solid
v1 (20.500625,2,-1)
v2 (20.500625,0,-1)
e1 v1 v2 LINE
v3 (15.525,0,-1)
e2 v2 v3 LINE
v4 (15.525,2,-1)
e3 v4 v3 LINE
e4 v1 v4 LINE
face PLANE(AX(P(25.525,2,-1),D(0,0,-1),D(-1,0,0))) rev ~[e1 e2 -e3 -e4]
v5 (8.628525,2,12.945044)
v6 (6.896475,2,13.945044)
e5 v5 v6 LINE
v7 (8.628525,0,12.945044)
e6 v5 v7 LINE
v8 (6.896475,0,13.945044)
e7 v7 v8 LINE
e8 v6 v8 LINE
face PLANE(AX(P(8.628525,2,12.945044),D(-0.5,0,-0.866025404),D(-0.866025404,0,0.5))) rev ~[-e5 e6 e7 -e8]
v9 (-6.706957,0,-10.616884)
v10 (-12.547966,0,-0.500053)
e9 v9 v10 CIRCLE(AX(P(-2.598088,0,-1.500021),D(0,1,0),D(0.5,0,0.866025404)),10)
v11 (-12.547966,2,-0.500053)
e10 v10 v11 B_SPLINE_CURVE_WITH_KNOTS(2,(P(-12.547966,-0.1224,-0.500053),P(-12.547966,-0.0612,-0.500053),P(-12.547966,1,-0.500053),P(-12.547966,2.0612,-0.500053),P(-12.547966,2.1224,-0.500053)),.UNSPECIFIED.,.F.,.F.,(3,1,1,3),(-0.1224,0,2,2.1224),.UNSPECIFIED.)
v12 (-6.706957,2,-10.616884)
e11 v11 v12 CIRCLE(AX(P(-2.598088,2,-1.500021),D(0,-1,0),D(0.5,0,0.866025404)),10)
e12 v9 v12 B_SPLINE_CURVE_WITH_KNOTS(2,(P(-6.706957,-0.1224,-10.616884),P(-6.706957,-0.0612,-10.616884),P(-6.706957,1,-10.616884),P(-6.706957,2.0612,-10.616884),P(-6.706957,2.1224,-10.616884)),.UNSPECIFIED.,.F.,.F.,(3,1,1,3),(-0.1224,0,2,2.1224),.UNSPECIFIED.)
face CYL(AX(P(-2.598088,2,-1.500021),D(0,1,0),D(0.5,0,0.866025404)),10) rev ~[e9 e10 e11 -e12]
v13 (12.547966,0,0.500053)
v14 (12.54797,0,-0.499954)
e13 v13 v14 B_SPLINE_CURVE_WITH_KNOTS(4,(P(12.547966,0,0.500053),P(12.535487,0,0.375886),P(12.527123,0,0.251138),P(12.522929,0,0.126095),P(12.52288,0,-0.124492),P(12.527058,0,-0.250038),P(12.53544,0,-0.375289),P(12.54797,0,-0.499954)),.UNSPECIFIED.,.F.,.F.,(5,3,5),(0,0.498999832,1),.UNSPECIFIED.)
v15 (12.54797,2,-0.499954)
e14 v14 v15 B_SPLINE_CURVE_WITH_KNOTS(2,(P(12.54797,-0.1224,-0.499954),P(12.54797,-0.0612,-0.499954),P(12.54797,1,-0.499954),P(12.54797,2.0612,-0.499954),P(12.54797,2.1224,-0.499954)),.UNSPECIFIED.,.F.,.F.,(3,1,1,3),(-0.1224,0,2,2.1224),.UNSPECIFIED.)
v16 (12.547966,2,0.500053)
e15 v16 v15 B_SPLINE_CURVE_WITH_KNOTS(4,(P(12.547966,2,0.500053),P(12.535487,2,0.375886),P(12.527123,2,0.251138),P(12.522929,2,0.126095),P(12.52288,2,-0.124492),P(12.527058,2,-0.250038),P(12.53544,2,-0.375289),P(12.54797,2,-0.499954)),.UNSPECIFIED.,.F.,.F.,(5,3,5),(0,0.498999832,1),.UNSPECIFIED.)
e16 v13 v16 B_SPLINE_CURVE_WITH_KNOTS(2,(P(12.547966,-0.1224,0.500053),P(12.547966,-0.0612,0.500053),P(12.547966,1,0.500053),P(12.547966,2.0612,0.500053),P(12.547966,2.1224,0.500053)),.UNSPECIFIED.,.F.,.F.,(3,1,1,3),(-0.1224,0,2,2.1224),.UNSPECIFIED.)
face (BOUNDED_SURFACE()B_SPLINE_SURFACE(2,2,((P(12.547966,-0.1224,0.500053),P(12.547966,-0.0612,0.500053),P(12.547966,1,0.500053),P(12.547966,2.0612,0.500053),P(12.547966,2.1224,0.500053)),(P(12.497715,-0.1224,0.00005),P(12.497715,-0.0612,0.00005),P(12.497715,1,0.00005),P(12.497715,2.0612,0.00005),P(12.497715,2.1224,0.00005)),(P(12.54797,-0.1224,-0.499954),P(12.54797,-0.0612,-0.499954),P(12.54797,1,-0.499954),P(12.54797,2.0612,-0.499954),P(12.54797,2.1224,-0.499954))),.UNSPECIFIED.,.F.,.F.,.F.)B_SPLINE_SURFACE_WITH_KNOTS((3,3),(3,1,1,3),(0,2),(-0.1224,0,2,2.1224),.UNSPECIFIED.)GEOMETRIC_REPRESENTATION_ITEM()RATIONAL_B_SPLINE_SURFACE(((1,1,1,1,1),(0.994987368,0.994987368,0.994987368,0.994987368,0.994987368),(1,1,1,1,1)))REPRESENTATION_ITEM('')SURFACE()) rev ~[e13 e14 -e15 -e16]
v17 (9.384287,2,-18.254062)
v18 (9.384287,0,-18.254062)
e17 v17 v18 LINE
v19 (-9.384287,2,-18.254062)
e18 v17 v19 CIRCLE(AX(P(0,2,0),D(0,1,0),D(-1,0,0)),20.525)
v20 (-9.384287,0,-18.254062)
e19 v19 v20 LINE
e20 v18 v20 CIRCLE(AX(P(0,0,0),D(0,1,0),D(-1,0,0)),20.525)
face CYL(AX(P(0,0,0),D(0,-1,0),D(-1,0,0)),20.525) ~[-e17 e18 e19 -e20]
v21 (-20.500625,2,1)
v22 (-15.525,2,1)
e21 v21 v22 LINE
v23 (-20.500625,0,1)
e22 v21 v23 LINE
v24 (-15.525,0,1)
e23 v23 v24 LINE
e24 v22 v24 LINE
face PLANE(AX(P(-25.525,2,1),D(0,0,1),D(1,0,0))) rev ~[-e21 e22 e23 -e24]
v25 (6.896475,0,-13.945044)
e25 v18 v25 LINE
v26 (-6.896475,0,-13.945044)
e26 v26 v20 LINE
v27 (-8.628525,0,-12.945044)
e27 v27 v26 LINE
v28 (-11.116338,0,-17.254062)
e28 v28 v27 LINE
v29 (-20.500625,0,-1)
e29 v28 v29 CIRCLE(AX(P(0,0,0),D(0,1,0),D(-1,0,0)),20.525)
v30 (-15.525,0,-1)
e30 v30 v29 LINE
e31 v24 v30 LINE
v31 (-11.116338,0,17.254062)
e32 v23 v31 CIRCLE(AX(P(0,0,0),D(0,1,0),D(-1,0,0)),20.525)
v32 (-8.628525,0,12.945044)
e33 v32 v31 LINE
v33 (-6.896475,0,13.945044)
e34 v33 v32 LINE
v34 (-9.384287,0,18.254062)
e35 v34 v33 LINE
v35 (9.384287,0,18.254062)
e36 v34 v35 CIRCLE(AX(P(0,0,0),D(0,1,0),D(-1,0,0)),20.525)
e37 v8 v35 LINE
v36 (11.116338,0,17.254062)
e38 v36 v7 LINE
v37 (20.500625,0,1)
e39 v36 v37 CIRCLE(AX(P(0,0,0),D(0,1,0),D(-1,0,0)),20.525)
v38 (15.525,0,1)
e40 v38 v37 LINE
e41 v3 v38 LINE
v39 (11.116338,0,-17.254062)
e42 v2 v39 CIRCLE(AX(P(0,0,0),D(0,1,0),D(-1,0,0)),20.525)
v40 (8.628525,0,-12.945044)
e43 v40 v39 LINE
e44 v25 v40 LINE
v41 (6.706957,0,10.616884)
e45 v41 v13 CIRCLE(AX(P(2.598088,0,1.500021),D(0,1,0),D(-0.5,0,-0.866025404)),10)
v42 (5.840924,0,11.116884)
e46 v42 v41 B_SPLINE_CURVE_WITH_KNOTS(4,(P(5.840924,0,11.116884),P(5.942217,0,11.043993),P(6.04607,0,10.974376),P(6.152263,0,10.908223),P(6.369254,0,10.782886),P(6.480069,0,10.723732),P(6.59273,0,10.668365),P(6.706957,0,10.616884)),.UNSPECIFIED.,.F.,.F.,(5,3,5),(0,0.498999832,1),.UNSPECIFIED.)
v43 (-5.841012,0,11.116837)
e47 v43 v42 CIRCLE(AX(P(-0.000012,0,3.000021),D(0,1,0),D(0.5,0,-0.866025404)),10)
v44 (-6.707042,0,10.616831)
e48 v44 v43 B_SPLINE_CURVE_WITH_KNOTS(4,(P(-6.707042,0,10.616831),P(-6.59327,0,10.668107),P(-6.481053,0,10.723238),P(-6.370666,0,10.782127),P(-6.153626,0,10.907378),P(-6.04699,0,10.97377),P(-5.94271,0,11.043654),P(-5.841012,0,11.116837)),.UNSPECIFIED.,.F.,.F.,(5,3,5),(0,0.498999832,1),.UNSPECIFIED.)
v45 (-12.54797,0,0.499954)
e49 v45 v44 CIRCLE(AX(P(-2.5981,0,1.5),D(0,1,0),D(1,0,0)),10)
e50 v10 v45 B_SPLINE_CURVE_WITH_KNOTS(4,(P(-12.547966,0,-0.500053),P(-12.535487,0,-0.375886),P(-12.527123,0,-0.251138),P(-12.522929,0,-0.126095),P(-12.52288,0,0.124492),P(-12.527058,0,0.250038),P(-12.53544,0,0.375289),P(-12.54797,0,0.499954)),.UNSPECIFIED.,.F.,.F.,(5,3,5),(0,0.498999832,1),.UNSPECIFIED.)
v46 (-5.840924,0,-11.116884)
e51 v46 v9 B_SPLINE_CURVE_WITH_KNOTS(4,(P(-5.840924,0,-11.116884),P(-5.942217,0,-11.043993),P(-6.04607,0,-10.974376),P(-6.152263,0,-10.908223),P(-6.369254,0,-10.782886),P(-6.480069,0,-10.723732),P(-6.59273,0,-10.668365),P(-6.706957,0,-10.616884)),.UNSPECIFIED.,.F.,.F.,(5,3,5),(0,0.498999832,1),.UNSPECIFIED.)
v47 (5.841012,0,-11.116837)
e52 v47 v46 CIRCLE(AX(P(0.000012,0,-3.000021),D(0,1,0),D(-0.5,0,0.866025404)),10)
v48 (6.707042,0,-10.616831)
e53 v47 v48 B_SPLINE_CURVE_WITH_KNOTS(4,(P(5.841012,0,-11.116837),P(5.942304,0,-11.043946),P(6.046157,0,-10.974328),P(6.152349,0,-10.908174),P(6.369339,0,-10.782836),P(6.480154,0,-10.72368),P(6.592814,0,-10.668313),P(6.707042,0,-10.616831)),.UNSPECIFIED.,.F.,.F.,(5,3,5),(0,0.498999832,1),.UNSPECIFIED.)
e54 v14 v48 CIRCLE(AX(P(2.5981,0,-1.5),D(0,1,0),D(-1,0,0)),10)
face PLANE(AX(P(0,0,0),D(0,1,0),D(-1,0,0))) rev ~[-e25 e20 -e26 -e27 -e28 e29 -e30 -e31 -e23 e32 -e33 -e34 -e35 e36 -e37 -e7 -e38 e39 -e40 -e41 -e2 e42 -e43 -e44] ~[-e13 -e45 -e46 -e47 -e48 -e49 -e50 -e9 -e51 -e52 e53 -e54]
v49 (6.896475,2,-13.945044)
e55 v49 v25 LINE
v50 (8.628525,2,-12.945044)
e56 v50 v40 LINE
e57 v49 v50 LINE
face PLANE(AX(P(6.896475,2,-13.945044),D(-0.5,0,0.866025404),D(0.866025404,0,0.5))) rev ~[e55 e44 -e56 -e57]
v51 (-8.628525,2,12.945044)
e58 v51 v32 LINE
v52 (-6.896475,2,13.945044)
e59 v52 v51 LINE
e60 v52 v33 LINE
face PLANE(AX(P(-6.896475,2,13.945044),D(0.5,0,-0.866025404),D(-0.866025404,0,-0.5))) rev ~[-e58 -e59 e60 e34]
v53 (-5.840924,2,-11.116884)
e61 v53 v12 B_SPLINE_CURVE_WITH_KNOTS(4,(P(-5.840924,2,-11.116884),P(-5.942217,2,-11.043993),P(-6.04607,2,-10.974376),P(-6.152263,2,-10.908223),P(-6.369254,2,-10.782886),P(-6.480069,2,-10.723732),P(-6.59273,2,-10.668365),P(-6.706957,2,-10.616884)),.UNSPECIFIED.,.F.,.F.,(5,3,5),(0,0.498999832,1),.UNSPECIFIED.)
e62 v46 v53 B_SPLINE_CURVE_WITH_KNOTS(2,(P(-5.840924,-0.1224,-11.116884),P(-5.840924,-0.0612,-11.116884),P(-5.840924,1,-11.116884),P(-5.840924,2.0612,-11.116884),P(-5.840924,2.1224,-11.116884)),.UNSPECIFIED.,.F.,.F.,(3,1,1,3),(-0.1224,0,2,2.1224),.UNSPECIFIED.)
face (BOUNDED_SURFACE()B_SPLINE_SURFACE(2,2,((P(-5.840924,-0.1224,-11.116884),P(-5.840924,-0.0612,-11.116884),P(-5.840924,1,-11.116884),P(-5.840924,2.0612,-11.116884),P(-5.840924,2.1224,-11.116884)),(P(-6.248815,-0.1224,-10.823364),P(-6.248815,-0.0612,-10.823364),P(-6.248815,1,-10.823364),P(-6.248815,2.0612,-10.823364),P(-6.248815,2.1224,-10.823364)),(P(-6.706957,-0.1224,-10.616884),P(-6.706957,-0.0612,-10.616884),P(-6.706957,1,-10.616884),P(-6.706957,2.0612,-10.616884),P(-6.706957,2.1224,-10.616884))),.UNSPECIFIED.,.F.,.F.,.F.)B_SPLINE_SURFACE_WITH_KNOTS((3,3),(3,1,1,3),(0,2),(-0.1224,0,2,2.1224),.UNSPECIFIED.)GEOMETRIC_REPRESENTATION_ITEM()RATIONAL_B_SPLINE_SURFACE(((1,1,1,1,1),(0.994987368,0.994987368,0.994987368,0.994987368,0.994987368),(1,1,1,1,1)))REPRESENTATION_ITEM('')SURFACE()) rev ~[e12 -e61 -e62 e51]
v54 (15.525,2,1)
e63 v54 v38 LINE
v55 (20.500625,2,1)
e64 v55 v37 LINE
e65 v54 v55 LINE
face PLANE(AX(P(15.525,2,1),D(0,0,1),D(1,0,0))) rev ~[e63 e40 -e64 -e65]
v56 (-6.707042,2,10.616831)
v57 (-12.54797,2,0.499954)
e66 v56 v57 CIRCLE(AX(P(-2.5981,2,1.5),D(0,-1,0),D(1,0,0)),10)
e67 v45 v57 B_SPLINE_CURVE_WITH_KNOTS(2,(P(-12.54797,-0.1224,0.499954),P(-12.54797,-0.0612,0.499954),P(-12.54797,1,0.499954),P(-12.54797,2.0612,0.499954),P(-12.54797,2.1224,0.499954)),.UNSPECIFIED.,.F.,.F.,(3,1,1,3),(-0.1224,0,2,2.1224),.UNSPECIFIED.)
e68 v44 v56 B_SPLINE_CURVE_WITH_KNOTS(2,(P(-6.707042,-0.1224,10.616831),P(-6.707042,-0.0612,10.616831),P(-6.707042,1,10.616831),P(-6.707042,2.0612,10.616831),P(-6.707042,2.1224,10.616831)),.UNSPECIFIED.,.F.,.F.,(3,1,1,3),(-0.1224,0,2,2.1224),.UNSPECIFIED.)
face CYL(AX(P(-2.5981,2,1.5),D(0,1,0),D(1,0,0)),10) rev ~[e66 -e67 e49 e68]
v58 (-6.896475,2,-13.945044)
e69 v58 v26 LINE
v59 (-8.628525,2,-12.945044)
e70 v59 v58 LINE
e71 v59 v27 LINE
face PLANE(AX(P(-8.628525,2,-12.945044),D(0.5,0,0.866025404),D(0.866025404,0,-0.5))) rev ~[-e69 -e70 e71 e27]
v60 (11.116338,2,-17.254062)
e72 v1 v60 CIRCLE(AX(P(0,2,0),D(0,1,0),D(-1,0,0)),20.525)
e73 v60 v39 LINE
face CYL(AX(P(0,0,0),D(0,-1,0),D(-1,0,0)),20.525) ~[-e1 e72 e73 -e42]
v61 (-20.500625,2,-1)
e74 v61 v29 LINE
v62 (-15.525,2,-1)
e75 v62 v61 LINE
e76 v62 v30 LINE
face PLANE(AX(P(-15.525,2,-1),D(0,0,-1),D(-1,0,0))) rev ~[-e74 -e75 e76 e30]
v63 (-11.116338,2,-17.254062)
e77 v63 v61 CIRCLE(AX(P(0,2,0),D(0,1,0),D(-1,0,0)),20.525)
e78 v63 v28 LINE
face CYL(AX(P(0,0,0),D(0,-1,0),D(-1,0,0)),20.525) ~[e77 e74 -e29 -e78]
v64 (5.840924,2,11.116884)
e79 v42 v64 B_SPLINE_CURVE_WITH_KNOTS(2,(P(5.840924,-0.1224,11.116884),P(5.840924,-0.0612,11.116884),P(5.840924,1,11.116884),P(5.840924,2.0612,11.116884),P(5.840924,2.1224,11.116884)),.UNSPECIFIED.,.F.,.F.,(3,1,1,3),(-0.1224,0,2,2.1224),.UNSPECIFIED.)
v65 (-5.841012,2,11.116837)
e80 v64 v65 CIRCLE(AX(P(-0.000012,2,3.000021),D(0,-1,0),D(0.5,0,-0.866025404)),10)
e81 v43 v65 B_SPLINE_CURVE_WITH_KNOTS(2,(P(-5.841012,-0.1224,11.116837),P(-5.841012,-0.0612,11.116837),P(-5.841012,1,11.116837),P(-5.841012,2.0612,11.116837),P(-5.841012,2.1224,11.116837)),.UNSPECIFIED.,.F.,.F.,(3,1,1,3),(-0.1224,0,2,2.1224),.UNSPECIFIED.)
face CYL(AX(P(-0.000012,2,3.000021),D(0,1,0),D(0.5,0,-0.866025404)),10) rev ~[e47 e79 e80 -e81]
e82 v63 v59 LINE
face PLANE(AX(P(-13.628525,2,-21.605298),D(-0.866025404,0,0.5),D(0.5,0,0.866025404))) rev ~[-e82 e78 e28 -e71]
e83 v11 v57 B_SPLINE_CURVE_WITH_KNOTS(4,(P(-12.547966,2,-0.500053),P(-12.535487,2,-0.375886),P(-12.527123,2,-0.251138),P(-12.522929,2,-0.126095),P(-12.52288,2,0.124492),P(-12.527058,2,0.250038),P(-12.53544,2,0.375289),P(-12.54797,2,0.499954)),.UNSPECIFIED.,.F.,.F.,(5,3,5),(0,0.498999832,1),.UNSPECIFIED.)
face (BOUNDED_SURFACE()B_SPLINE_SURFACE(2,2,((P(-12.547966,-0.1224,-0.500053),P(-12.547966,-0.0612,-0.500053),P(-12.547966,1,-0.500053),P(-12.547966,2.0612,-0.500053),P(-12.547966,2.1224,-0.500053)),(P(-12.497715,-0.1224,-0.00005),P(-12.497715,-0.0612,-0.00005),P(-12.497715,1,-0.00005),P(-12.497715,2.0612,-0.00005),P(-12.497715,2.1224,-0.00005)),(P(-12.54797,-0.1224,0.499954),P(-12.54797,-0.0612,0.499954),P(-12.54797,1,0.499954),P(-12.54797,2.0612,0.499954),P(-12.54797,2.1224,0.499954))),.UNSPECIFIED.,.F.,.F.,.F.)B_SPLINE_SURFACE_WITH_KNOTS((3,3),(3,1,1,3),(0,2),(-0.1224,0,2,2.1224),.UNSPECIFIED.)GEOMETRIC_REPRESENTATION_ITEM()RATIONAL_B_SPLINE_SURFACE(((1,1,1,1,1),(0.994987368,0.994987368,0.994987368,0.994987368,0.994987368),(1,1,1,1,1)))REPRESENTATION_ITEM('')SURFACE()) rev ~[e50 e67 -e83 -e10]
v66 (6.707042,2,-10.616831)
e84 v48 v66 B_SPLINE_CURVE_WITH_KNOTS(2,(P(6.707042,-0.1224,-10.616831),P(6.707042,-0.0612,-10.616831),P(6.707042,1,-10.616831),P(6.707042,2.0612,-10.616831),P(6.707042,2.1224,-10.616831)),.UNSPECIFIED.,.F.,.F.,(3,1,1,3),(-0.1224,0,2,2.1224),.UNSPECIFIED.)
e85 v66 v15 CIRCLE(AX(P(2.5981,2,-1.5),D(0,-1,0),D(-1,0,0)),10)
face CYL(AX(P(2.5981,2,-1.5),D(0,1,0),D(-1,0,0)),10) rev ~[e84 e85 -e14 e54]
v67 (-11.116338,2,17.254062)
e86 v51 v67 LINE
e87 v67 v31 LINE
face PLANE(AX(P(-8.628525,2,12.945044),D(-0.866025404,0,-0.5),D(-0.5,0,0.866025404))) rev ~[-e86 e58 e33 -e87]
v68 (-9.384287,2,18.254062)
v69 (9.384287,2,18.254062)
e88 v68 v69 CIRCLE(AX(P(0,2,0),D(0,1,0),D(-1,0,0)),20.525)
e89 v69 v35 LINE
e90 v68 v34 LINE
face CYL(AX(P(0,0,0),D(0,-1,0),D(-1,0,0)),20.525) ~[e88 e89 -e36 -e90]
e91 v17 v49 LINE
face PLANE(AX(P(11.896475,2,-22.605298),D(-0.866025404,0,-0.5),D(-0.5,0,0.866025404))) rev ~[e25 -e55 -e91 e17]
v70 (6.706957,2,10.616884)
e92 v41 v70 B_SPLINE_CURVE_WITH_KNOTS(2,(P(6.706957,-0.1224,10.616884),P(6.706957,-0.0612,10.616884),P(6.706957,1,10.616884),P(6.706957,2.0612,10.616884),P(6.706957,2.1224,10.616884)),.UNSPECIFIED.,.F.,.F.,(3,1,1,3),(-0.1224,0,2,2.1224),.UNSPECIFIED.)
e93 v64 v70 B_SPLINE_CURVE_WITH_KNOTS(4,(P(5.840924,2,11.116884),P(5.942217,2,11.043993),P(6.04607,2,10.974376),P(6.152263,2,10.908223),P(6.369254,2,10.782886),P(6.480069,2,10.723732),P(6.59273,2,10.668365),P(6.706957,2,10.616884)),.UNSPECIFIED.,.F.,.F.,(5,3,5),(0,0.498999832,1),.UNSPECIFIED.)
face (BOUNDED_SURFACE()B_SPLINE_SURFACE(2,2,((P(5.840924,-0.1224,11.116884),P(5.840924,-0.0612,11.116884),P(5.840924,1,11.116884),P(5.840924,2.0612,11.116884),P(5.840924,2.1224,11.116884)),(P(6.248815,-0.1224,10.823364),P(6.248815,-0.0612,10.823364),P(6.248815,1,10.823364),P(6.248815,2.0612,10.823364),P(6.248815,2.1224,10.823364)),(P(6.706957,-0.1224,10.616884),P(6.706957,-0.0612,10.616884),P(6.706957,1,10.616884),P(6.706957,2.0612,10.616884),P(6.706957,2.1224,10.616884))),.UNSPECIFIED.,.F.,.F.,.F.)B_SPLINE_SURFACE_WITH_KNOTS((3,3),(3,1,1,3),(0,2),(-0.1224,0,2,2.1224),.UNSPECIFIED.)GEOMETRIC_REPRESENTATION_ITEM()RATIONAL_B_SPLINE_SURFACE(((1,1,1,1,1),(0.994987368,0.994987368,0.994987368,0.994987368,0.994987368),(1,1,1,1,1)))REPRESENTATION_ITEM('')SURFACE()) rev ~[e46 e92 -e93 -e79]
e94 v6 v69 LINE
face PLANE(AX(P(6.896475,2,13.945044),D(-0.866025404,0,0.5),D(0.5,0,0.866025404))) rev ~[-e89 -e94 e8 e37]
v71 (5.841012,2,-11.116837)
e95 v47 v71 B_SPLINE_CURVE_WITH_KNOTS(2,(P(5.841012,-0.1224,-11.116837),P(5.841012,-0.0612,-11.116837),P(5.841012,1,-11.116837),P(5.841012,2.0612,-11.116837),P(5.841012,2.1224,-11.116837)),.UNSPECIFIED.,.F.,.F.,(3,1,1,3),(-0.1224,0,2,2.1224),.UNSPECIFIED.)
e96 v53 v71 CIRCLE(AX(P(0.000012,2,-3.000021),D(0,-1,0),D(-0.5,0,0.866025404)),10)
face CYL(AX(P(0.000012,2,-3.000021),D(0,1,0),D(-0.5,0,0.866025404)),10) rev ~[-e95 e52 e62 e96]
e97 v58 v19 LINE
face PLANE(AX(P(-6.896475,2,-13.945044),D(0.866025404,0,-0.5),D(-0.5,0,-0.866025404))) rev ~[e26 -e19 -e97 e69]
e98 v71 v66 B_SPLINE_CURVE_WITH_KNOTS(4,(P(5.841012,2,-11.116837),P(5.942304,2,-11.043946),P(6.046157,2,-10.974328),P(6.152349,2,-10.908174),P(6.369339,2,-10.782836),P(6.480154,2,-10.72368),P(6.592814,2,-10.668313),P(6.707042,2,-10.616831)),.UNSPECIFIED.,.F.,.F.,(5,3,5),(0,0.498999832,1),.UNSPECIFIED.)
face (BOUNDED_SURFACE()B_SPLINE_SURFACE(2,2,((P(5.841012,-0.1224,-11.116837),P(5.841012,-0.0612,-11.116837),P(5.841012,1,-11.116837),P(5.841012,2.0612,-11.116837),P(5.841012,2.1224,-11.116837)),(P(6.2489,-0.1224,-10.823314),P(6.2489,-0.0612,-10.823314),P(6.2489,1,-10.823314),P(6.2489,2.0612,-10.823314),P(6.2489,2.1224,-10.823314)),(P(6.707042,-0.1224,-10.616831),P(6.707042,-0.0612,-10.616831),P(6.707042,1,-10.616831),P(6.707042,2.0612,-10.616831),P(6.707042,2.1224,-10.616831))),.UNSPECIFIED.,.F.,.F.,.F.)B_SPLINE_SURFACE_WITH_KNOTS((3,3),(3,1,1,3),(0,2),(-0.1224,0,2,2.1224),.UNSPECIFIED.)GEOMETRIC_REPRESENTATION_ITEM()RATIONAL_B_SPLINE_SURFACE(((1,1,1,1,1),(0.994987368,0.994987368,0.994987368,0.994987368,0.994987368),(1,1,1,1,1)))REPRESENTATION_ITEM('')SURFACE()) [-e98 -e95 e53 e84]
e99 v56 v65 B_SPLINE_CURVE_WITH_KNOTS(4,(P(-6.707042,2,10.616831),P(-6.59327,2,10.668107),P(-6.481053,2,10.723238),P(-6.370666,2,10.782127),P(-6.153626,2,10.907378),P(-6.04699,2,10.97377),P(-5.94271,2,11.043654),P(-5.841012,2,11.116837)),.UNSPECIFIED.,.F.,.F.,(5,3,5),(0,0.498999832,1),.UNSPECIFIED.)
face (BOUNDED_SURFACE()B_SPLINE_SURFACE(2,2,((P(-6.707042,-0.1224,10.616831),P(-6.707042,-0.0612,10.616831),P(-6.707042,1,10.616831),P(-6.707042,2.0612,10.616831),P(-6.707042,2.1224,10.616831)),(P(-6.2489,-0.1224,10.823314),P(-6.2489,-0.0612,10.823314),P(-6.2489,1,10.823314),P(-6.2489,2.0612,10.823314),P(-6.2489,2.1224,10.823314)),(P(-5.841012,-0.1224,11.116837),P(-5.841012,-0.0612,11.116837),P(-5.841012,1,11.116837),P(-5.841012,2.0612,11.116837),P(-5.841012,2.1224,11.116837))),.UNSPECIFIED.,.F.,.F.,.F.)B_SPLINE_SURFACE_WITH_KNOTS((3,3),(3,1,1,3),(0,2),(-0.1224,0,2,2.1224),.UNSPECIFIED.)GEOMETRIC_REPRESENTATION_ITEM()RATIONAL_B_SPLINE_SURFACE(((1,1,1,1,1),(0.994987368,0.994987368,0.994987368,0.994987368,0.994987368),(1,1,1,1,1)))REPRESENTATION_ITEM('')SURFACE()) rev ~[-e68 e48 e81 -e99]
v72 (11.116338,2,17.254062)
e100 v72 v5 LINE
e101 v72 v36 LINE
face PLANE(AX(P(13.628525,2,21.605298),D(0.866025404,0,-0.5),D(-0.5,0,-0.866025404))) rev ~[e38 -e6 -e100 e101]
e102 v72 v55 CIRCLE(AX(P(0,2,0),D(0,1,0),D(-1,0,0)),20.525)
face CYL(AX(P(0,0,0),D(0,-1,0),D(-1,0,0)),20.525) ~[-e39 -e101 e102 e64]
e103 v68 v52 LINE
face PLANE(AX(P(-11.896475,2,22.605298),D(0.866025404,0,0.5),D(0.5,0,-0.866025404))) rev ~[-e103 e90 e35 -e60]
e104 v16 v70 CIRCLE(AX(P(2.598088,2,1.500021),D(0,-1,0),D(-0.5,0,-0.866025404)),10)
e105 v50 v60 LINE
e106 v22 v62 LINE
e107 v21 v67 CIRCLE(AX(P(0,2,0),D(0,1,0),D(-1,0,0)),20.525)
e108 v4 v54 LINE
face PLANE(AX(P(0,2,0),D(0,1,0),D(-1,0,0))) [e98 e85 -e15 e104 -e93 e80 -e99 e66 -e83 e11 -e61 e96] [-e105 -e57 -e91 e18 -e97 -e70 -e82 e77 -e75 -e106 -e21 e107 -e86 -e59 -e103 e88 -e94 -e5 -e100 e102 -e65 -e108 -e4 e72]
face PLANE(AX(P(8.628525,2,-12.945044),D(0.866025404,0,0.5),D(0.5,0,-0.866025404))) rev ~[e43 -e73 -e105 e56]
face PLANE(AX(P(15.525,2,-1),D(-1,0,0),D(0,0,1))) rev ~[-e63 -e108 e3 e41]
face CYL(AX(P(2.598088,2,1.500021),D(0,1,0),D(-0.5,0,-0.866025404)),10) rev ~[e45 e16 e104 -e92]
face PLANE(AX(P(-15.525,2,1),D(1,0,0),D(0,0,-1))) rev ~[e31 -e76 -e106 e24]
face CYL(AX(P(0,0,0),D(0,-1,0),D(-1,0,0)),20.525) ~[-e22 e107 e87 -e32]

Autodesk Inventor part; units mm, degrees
ref_plane "YZ Plane" through (0, 0, 0) normal (1, 0, 0) x (0, 1, 0)
ref_plane "XZ Plane" through (0, 0, 0) normal (0, 1, 0) x (-1, 0, 0)
ref_plane "XY Plane" through (0, 0, 0) normal (0, 0, 1) x (1, 0, 0)
sketch "Sketch1" plane through (0, 0, 0) normal (0, 1, 0) x (-1, 0, 0)
  circle A0 centre (0, 0) radius 20.525
  circle A1 centre (0, 0) radius 10.525
  dimension "d0" = 41.05
  dimension "d1" = 21.05
extrude "Extrusion1" add sketch "Sketch1" along normal blind 2
sketch "Sketch2" plane through (0, 2, 0) normal (0, 1, 0) x (1, 0, 0)
  line L0 (-25.525, -1) -> (-15.525, -1)
  line L1 (-15.525, -1) -> (-15.525, 1)
  line L2 (-15.525, 1) -> (-25.525, 1)
  line L3 (-25.525, 1) -> (-25.525, -1)
  point P0 (0, 0)
  dimension "d4" = 1
  dimension "d5" = 2
  dimension "d6" = 10
  dimension "d7" = 15.525
extrude "Extrusion2" cut sketch "Sketch2" against normal blind 2
pattern_circular "Circular Pattern1" count 6 over 360 about axis through (0, -10, 0) along (0, 1, 0) of "Extrusion2"
sketch "Sketch3" plane through (0, 2, 0) normal (0, 1, 0) x (1, 0, 0)
  circle A0 centre (-2.5981, -1.5) radius 10
  line L0 (-2.5981, -1.5) -> (0, 0) construction
  line L1 (-34.9729, 0) -> (29.7462, 0) projected
  dimension "d13" = 20
  dimension "d14" = 30
  dimension "d15" = 1.5
extrude "Extrusion3" cut sketch "Sketch3" against normal blind 2
pattern_circular "Circular Pattern2" count 6 over 360 about axis through (0, -10, 0) along (0, 1, 0) of "Extrusion3"
fillet "Fillet1" radius 5 6 edges at (-6.2425, 1, -10.8123) (-12.4849, 1, 0) (6.2425, 1, -10.8123) (-6.2425, 1, 10.8123) (6.2425, 1, 10.8123) (12.4849, 1, 0)
properties part number "Ring_n5"
